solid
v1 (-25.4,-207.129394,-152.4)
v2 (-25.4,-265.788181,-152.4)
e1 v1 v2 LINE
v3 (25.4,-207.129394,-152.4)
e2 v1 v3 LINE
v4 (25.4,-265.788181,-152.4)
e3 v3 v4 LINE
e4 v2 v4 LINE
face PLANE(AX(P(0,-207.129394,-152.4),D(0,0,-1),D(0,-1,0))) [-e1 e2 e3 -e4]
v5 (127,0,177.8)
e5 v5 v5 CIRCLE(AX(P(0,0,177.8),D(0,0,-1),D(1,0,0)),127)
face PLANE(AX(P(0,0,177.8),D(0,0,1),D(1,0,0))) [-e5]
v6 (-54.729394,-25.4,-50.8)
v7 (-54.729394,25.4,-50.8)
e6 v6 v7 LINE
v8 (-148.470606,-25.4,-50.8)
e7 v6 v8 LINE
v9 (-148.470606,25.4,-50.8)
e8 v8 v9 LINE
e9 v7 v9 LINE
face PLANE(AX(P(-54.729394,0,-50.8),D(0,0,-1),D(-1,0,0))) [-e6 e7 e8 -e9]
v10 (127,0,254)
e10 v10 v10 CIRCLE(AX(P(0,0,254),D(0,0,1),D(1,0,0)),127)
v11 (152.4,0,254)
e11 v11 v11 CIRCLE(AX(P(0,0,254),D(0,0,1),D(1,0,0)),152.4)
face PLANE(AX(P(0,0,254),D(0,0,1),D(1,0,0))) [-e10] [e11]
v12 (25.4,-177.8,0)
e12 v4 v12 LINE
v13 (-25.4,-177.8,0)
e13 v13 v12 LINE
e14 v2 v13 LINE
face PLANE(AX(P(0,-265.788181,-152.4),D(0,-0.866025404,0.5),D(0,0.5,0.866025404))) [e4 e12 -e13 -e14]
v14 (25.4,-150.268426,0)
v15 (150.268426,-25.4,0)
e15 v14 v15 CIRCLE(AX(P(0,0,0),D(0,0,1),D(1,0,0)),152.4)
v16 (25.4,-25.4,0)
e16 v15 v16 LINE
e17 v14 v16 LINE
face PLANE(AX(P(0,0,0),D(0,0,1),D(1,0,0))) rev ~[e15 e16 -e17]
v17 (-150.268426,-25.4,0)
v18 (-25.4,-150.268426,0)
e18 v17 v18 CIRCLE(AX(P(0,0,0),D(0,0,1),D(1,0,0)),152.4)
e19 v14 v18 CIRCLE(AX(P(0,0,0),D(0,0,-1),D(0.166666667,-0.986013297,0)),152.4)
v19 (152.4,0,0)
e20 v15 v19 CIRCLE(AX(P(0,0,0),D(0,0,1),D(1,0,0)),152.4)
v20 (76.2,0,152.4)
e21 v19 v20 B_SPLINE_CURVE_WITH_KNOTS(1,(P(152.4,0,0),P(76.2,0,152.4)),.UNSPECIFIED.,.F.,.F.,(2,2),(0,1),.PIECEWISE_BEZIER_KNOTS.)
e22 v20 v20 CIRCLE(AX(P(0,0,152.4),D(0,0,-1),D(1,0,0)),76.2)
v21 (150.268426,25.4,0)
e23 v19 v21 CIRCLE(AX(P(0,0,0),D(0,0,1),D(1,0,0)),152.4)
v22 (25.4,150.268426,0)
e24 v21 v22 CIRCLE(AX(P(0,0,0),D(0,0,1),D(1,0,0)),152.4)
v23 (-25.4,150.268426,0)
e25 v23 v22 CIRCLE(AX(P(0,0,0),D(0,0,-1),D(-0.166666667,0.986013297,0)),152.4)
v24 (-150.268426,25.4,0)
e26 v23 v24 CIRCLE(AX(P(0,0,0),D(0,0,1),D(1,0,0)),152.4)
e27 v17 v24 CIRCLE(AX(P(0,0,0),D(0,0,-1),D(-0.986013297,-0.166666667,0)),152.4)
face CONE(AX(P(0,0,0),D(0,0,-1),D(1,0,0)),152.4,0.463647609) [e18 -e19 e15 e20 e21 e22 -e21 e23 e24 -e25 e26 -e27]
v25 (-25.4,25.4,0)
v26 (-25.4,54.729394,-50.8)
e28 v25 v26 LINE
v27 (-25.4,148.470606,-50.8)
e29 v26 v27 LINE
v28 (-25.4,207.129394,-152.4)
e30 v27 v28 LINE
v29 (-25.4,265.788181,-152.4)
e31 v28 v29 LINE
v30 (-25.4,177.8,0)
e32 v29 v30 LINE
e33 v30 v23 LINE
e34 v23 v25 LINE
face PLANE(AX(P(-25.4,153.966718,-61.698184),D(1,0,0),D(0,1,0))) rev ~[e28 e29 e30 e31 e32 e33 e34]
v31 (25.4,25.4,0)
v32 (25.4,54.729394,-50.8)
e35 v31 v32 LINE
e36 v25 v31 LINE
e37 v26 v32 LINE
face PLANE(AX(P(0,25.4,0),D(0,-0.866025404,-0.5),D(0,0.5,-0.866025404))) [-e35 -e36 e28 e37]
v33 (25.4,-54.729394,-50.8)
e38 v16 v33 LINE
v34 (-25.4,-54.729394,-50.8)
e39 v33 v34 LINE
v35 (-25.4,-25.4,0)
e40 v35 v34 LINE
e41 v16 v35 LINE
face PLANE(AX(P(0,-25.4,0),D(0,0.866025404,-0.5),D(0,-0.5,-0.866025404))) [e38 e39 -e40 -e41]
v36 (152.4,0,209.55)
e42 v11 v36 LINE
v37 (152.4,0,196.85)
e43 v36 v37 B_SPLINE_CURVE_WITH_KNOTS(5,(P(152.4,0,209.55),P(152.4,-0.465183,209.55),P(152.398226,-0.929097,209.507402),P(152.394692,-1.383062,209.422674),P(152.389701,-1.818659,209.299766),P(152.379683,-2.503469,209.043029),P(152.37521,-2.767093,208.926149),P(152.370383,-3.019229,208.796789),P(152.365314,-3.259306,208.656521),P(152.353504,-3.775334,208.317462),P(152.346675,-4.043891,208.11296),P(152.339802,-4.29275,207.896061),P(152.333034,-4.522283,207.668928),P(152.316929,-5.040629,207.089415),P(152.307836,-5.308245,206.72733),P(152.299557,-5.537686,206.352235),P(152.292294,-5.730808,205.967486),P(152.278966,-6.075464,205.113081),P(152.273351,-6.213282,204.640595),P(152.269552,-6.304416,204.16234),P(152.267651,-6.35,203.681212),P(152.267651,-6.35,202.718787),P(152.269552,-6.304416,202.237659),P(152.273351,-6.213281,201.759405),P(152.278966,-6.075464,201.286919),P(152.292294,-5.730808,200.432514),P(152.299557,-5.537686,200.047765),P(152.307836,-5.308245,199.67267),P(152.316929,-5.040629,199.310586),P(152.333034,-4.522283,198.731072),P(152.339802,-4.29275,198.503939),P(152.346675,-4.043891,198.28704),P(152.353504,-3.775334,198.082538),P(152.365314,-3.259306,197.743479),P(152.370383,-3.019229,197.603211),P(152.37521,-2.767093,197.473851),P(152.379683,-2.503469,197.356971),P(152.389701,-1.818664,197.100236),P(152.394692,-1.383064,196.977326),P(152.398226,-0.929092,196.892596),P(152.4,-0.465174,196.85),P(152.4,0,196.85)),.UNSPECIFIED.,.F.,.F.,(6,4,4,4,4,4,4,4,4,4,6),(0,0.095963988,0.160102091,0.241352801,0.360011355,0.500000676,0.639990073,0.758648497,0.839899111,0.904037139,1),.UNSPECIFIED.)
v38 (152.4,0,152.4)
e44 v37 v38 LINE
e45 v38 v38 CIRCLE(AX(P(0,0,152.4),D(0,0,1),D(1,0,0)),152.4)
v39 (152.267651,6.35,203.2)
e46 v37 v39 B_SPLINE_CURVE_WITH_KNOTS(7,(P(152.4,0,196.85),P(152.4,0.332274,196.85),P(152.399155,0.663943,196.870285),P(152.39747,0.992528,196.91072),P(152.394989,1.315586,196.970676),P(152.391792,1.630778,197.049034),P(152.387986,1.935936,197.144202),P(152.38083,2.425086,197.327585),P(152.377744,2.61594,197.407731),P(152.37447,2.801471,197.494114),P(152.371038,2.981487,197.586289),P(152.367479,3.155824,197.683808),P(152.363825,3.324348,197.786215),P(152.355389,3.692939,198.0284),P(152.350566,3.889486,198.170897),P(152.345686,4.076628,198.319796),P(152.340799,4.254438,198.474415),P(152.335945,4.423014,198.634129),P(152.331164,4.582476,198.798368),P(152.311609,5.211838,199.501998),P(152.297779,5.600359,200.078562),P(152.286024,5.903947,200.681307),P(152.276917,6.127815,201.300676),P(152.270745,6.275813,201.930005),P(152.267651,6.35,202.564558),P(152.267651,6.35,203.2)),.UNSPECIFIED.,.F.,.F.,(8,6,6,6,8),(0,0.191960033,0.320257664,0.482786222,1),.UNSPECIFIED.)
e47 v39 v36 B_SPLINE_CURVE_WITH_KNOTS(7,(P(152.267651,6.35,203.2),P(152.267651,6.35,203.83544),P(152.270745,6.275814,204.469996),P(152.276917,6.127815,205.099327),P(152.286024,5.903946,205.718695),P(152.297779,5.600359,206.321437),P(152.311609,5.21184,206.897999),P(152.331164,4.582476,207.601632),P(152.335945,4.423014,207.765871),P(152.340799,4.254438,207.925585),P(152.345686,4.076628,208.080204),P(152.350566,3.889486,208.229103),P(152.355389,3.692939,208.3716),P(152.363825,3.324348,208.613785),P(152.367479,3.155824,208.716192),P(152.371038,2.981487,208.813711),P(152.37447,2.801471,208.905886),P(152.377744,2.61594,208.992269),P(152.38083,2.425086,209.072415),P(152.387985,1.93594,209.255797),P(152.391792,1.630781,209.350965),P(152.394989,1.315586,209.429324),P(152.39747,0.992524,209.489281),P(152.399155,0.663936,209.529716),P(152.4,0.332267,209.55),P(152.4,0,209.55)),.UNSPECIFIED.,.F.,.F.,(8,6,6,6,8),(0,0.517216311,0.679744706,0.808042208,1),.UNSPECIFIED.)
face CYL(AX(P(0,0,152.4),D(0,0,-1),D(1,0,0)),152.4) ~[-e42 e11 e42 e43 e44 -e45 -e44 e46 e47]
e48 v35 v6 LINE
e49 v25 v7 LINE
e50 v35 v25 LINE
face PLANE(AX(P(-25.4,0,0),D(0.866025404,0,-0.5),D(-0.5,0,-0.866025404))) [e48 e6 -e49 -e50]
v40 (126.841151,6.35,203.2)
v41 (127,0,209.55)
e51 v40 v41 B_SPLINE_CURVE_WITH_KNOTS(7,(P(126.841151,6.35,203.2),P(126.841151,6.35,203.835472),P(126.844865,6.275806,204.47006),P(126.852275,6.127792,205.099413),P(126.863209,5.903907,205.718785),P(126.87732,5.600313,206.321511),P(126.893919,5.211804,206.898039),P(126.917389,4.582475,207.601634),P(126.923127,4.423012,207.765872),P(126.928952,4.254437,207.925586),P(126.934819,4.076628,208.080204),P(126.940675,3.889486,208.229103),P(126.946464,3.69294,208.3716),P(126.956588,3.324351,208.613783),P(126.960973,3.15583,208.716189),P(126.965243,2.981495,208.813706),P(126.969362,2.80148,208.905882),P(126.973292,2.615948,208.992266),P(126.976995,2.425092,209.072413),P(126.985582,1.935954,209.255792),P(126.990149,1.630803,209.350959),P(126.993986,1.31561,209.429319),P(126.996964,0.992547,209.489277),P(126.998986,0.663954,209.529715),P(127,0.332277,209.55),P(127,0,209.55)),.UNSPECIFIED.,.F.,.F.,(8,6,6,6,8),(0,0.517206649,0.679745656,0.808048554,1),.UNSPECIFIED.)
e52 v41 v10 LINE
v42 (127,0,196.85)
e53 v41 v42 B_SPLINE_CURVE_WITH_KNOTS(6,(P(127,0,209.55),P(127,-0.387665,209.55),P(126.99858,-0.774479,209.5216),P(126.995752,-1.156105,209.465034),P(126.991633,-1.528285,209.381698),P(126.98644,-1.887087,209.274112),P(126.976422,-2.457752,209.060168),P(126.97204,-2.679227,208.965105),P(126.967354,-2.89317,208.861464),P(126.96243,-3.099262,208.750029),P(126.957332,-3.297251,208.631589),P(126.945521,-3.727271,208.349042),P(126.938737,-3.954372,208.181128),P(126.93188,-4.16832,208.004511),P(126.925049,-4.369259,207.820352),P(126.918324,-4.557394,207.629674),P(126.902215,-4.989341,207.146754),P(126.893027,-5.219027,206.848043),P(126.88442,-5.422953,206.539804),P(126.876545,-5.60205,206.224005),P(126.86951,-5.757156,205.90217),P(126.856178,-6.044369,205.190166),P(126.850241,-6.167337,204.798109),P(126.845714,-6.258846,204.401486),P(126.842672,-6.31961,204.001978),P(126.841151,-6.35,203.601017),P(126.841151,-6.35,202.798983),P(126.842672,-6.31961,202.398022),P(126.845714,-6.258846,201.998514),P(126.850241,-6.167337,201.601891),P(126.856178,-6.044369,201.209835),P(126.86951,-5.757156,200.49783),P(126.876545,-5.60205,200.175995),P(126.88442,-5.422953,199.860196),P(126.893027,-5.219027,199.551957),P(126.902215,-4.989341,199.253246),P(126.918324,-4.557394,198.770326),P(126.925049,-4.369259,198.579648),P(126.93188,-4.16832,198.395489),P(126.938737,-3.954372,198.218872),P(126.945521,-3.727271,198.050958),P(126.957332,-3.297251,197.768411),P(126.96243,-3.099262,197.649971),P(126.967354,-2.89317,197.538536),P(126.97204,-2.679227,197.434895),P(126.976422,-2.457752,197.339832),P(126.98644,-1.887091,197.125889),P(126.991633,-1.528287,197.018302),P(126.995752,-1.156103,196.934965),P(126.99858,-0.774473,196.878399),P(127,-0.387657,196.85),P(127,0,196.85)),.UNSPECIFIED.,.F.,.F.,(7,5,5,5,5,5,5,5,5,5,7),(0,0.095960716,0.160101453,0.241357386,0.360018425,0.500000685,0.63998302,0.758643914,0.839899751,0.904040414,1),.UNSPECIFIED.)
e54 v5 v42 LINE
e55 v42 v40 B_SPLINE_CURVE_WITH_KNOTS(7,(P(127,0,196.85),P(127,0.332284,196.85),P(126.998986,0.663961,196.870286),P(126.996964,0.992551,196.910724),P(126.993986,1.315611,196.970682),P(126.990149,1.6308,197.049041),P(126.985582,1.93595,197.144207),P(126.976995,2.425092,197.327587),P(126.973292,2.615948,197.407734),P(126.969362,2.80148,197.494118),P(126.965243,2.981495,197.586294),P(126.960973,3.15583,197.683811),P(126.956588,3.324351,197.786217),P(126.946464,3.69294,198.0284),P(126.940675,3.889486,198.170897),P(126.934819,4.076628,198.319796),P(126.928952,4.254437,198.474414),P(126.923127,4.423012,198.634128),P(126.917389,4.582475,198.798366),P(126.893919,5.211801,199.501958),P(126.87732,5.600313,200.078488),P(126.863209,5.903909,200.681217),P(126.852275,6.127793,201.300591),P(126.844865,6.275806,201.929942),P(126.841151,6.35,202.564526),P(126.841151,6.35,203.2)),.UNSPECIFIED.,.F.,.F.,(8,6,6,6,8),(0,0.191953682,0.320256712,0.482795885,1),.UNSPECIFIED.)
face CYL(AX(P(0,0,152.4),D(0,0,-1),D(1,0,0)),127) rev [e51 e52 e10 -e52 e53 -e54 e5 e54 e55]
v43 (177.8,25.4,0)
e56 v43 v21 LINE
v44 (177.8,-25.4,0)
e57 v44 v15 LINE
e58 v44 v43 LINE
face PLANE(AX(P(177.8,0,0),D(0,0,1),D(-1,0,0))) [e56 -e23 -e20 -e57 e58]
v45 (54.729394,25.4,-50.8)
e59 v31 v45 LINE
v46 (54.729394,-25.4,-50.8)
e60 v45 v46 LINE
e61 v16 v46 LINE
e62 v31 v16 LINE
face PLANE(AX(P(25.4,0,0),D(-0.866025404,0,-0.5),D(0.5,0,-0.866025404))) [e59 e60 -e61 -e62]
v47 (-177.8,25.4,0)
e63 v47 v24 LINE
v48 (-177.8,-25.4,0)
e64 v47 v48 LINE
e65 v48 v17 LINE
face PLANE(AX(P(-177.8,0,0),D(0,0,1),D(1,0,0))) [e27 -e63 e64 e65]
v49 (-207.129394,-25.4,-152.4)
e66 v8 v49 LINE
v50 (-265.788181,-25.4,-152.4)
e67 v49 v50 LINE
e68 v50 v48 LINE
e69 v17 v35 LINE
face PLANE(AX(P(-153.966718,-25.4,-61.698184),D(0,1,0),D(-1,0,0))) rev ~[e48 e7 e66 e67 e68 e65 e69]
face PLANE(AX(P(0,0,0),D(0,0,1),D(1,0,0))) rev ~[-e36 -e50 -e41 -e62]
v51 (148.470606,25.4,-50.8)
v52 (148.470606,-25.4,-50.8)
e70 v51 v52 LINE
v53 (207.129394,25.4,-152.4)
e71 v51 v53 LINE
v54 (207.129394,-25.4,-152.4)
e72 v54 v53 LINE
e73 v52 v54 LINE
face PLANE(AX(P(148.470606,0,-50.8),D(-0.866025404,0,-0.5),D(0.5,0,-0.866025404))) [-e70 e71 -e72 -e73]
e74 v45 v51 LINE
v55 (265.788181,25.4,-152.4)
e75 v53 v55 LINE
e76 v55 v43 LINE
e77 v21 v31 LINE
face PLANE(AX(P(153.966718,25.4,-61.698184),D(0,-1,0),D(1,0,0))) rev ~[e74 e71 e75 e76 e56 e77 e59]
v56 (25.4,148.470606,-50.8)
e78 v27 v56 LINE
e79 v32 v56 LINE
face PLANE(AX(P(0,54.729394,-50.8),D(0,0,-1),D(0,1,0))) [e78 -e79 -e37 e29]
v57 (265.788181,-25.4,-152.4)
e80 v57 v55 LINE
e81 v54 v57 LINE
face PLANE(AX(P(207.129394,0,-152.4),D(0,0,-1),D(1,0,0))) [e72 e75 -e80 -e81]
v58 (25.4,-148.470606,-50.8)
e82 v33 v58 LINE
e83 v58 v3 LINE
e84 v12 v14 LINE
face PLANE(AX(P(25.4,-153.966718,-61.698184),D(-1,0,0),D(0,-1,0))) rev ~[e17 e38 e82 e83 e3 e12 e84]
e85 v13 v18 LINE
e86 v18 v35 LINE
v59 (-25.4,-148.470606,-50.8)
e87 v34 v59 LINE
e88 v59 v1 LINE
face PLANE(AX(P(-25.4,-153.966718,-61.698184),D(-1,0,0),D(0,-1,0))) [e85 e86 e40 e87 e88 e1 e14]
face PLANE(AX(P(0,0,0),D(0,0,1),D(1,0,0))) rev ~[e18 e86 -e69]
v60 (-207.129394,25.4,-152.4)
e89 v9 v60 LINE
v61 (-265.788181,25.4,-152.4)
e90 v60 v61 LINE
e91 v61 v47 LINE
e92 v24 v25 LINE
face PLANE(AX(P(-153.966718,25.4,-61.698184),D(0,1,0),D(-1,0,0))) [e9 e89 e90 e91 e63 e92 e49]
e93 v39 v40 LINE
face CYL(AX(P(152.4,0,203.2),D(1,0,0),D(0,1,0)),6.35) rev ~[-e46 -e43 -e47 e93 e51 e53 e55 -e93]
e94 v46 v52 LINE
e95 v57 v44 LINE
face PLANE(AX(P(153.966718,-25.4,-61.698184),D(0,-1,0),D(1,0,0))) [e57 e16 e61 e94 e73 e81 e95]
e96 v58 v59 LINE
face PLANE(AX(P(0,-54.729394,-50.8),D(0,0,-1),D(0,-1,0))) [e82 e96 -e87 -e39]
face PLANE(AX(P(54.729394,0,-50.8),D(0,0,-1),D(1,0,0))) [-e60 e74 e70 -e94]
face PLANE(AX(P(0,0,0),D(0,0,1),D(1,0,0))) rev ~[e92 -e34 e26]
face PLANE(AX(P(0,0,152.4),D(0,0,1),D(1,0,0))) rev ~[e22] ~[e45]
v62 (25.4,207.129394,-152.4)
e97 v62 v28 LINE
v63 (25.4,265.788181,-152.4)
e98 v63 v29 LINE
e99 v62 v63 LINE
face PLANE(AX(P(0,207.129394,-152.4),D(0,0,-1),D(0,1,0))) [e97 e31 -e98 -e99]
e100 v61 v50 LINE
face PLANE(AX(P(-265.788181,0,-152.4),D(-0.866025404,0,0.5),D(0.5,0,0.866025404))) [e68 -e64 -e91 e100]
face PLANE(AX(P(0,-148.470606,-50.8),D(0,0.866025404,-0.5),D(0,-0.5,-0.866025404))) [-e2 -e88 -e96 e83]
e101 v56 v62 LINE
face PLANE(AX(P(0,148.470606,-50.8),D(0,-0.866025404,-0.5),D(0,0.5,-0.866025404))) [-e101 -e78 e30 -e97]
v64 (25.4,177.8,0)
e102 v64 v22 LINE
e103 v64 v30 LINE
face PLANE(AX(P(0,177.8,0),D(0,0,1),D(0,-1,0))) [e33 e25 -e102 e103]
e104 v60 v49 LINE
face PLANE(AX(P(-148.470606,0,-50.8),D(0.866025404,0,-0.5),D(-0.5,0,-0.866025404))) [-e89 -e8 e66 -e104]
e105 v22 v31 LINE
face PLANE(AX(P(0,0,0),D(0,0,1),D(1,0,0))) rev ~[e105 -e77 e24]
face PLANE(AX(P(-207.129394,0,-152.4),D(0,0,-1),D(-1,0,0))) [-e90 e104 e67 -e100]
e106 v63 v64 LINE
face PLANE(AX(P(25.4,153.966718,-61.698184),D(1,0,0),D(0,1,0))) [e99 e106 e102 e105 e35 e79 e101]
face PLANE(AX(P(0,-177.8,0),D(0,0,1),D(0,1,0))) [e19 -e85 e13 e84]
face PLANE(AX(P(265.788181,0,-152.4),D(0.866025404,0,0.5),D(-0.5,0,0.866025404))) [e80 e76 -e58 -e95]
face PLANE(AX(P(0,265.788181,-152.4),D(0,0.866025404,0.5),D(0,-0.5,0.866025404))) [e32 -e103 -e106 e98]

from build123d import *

# Parameters (mm, degrees)
F0_R      = 152.4
F2_R      = 76.2
F5_DEPTH  = 25.4
F6_COUNT  = 4
F2_R_2    = 152.4
F2_R_3    = 127
F7_DEPTH  = 25.4
F8_DEPTH  = 101.6
F10_R     = 6.35
F11_DEPTH = 76.2


with BuildPart() as f3:
    # F0 (on Top) → F3 section 0
    with BuildSketch(Plane.XY):
        Circle(F0_R)
    # F2 (on offset) → F3 section 1
    with BuildSketch(Plane.XY.offset(152.4)):
        Circle(F2_R)
    loft()

    # F4 (on Front) → F5 (join, symmetric)
    with BuildSketch(Plane.XZ):
        Polygon((177.8, 0), (25.4, 0), (54.7293936748, -50.8), (148.4706063252, -50.8), (207.1293936748, -152.4), (265.7881810245, -152.4), align=None)
    extrude(amount=F5_DEPTH, both=True)

    # F6: F3 ×4 about axis
    f6_axis = Axis((0, 0, 38.1), (0, 0, 1))


with BuildPart() as f3_1:
    add(f3.part)
    for i in range(1, F6_COUNT):
        add(f3.part.rotate(f6_axis, i * 360 / F6_COUNT))

    # F2 (on offset) → F7 (join)
    with BuildSketch(Plane.XY.offset(152.4)):
        Circle(F2_R_2)
        Circle(F2_R_3, mode=Mode.SUBTRACT)
        Circle(F2_R_3)
        Circle(F2_R, mode=Mode.SUBTRACT)
        Circle(F2_R)
    extrude(amount=F7_DEPTH)

    # F2 (on offset) → F8 (join)
    with BuildSketch(Plane.XY.offset(152.4)):
        Circle(F2_R_2)
        Circle(F2_R_3, mode=Mode.SUBTRACT)
    extrude(amount=F8_DEPTH)

    # F10 (on offset) → F11 (cut)
    with BuildSketch(Plane.YZ.offset(152.4)):
        with Locations((0, 203.2)):
            Circle(F10_R)
    extrude(amount=-F11_DEPTH, mode=Mode.SUBTRACT)


solid = f3_1.part
